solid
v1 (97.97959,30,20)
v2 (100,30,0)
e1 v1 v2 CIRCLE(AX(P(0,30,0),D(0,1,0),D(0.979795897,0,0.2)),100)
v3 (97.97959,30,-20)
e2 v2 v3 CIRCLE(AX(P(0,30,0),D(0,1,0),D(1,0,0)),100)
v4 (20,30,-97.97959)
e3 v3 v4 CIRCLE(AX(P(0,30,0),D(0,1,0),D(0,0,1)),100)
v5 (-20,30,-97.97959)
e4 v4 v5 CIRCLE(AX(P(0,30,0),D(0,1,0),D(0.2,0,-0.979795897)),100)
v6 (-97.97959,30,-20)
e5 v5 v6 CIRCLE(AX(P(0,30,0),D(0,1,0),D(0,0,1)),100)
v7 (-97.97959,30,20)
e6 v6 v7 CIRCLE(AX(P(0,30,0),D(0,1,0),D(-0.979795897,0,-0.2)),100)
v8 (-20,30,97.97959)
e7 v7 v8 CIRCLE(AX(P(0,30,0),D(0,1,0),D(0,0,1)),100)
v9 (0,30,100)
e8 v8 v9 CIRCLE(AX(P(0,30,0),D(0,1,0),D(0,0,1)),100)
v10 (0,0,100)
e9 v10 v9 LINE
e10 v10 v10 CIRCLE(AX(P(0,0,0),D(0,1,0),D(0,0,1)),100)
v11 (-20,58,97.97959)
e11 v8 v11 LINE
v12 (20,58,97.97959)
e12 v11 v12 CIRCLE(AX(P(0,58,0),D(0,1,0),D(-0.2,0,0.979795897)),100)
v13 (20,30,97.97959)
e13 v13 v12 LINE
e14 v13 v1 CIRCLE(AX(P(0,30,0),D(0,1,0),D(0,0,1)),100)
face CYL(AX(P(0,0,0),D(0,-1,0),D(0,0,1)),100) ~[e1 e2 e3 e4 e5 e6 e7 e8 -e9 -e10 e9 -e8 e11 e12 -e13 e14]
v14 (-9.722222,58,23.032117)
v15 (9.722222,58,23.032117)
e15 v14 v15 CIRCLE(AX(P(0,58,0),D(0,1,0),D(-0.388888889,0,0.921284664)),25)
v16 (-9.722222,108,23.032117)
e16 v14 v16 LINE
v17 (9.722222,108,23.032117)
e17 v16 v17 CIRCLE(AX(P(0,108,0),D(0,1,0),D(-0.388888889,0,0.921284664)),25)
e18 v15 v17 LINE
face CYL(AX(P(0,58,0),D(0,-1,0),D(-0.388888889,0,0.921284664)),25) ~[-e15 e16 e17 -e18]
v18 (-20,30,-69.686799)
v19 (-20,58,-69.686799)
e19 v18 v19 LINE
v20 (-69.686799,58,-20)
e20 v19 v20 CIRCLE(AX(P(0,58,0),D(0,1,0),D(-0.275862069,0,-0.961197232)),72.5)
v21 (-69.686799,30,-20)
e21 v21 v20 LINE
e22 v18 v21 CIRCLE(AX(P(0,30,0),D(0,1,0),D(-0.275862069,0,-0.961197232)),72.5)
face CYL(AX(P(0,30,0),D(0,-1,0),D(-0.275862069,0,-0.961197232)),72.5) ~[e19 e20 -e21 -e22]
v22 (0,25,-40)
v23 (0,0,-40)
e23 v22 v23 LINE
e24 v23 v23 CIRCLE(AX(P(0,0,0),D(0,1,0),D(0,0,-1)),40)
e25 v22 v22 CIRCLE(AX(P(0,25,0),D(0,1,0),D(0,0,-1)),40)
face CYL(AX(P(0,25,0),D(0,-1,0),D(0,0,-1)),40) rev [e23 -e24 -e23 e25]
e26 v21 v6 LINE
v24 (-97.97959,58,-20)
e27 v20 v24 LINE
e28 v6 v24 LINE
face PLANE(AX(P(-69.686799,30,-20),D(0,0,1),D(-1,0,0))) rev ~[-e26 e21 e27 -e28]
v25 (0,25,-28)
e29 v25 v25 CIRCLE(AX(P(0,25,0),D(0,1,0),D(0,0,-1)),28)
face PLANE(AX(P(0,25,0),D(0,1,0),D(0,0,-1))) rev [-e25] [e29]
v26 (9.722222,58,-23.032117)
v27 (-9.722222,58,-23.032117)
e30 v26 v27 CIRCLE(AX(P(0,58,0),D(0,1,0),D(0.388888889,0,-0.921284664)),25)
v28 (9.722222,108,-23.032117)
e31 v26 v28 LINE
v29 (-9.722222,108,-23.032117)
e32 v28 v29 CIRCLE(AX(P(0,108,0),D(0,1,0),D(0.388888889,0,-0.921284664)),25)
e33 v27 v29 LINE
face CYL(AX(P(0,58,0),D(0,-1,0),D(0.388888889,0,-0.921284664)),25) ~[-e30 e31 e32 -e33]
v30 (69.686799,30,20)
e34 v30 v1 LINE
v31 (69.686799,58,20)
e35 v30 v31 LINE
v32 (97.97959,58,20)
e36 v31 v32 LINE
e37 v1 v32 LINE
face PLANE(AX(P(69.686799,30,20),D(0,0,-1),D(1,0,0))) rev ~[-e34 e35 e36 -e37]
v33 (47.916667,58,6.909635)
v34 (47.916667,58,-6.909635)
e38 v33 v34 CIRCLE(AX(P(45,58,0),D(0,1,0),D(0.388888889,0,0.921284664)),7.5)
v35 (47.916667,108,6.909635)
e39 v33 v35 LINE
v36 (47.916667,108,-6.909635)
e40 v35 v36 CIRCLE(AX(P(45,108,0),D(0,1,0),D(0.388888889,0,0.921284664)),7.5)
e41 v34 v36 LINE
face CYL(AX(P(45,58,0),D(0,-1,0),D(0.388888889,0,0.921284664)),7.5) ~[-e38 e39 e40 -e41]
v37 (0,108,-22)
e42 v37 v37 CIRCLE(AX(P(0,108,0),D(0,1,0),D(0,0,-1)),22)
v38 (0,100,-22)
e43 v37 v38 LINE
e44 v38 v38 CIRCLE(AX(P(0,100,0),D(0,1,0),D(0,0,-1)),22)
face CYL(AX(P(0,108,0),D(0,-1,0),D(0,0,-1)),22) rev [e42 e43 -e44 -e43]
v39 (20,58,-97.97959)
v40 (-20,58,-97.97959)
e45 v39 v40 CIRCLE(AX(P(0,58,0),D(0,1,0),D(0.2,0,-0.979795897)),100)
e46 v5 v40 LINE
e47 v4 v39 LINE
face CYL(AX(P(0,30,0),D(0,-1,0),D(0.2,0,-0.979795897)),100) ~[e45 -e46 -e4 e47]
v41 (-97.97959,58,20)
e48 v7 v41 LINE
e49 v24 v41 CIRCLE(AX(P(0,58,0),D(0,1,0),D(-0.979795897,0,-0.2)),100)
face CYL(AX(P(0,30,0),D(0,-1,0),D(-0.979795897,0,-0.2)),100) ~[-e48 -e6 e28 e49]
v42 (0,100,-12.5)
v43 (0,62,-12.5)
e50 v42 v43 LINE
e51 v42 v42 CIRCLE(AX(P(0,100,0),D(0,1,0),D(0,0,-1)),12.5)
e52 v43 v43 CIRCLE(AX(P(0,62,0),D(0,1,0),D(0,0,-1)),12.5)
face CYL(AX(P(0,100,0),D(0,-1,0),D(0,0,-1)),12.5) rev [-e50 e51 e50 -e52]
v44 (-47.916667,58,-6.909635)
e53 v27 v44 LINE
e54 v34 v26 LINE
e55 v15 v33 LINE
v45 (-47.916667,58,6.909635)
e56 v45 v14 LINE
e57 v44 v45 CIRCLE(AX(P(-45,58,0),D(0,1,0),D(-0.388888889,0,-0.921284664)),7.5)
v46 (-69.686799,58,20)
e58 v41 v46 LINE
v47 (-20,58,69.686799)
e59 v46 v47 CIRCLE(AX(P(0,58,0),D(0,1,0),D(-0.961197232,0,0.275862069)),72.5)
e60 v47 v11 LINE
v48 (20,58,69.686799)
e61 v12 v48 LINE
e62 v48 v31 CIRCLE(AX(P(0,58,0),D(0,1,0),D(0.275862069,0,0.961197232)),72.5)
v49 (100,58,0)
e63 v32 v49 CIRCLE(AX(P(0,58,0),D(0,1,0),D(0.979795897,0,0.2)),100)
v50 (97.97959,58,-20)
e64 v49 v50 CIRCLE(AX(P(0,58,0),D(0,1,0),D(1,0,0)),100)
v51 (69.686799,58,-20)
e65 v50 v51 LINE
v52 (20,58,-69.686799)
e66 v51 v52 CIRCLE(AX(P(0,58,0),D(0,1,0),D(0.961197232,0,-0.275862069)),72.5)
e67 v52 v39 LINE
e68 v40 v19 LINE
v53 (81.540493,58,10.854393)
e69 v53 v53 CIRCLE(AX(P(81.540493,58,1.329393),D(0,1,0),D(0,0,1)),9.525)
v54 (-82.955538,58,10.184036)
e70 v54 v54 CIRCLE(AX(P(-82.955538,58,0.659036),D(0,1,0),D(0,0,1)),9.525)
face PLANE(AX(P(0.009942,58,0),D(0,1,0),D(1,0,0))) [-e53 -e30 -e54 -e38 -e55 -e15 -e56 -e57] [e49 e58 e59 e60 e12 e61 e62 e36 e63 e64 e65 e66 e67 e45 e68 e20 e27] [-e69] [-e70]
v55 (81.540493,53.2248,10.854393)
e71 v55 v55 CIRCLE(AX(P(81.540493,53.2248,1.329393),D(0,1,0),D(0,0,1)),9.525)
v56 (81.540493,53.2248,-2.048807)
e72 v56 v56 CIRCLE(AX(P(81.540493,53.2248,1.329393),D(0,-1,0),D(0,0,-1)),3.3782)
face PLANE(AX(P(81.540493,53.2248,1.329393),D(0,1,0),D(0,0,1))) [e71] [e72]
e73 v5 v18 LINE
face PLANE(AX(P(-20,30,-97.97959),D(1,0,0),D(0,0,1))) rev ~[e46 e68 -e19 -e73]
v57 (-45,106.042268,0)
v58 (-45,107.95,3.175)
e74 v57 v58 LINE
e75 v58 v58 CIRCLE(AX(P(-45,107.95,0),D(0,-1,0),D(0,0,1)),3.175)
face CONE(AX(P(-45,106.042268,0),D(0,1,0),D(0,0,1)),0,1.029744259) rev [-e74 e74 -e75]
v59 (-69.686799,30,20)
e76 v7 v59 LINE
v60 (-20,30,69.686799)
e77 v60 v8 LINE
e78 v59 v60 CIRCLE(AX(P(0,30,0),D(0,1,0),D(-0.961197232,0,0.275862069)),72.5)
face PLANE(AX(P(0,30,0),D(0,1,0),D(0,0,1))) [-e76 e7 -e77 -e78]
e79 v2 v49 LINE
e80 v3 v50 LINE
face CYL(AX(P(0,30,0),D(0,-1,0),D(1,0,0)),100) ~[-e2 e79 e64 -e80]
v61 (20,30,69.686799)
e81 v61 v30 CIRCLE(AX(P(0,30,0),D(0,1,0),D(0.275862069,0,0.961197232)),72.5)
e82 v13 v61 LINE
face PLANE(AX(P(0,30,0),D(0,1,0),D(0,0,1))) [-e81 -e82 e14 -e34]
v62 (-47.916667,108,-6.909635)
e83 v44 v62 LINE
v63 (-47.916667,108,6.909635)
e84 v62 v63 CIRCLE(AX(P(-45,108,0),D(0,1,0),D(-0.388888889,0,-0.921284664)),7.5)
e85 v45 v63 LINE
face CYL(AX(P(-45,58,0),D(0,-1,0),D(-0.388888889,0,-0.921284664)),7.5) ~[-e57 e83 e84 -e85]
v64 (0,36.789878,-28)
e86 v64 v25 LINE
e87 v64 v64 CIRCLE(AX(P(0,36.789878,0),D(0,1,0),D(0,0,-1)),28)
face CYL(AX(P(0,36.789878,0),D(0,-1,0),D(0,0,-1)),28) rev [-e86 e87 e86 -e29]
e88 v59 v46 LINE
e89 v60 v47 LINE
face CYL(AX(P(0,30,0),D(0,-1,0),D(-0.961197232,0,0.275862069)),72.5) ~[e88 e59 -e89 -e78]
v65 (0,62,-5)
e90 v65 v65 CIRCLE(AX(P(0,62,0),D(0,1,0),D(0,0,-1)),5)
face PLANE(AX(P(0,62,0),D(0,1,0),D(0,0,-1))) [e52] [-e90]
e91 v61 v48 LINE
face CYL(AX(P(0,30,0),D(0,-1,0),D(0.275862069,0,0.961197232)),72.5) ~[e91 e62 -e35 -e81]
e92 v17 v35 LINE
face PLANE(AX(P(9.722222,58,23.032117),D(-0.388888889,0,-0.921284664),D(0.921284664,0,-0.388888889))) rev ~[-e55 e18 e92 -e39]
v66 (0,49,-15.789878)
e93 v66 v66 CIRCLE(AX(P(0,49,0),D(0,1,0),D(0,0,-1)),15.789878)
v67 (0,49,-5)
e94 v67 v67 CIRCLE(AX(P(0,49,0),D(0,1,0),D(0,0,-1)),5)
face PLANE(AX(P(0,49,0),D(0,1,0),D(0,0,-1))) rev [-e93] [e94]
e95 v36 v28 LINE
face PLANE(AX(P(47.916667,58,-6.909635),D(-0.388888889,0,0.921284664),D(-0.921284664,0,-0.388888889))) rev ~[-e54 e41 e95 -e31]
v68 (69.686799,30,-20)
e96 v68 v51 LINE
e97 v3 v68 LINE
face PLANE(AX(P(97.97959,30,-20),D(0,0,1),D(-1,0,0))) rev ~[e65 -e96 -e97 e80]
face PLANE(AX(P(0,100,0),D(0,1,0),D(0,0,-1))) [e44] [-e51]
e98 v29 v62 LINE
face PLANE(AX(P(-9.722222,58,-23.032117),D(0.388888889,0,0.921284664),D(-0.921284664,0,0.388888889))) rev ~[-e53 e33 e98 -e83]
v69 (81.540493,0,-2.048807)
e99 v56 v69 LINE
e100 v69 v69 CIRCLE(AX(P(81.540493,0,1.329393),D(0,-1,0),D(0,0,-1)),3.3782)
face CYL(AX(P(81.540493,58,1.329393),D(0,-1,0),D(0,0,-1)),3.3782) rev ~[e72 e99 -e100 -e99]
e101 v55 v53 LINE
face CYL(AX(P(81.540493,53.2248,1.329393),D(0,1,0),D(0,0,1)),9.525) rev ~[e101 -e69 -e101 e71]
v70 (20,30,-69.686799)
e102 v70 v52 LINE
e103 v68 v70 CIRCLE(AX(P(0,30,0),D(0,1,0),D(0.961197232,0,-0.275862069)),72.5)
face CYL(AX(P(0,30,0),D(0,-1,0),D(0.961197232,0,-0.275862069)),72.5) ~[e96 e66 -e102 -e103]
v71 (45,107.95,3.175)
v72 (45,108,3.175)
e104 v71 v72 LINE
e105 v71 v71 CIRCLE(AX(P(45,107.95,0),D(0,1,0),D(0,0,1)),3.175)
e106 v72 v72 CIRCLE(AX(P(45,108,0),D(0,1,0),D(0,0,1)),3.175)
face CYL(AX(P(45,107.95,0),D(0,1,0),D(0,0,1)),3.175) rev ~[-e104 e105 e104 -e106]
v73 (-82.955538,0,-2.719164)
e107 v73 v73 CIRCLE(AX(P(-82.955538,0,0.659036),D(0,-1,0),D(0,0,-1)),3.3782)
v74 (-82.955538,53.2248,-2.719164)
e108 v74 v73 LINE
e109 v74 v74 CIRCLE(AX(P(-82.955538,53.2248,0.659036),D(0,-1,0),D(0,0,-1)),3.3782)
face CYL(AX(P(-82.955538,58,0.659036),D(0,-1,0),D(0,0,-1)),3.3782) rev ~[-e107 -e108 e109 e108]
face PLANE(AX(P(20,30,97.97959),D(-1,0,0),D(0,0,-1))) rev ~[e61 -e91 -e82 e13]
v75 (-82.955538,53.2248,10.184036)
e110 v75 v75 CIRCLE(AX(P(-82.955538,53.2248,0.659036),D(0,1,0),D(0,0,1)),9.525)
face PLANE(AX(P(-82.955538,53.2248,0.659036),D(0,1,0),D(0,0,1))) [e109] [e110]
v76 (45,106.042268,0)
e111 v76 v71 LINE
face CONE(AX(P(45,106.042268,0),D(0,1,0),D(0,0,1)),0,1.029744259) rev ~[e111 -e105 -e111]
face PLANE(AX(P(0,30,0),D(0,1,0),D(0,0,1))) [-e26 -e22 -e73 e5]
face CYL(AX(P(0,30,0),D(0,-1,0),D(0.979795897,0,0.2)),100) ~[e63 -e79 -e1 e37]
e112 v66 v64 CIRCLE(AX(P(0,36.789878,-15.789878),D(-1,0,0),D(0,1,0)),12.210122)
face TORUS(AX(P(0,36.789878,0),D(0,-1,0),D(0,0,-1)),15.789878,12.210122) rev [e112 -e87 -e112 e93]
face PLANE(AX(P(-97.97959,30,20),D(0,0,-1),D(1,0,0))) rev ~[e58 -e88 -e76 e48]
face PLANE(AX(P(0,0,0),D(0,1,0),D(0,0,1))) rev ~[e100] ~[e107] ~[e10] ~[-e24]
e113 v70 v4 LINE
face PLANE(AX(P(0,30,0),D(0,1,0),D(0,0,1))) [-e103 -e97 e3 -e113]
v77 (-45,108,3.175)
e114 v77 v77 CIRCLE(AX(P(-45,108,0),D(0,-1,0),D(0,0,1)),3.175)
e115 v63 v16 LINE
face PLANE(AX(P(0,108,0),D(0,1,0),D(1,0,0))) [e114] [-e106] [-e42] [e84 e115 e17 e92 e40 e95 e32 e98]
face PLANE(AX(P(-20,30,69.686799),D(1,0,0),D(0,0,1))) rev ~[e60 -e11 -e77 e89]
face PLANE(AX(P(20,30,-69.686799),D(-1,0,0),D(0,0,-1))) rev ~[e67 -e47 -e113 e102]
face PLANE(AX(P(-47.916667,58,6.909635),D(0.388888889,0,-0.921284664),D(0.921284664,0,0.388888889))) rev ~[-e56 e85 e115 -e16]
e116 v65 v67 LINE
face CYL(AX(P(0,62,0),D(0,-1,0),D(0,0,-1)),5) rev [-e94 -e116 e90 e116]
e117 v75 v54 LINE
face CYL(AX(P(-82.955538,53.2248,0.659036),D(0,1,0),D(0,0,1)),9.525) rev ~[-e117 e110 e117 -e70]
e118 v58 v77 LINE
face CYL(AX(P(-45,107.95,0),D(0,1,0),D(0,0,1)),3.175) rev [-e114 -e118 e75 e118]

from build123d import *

# Parameters (mm, degrees)
SKETCH2_R                                = 100
BOSS_EXTRUDE1_DEPTH                      = 30
BOSS_EXTRUDE2_DEPTH                      = 28
BOSS_EXTRUDE3_DEPTH                      = 50
CBORE_FOR_1_4_HEX_HEAD_BOLT1_D           = 6.7564
CBORE_FOR_1_4_HEX_HEAD_BOLT1_CBORE_D     = 19.05
CBORE_FOR_1_4_HEX_HEAD_BOLT1_CBORE_DEPTH = 4.7752


with BuildPart() as part:
    # Sketch2 → Boss-Extrude1 (new body)
    with BuildSketch(Plane(origin=(0, 0, 0), x_dir=(1, 0, 0), z_dir=(0, 1, 0))):
        with Locations(Location((0, 0, 0), (0, 0, 270))):
            Circle(SKETCH2_R)
    extrude(amount=BOSS_EXTRUDE1_DEPTH)

    # Sketch3 → Boss-Extrude2 (add)
    with BuildSketch(Plane(origin=(0, 30, 0), x_dir=(1, 0, 0), z_dir=(0, 1, 0))):
        with BuildLine():
            ThreePointArc((20, 97.979589711), (0, 100), (-20, 97.979589711))
            Line((-20, 97.979589711), (-20, 69.686799324))
            ThreePointArc((-20, 69.686799324), (-51.265241636, 51.265241636), (-69.686799324, 20))
            Line((-69.686799324, 20), (-97.979589711, 20))
            ThreePointArc((-97.979589711, 20), (-100, 0), (-97.979589711, -20))
            Line((-97.979589711, -20), (-69.686799324, -20))
            ThreePointArc((-69.686799324, -20), (-51.265241636, -51.265241636), (-20, -69.686799324))
            Line((-20, -69.686799324), (-20, -97.979589711))
            ThreePointArc((-20, -97.979589711), (0, -100), (20, -97.979589711))
            Line((20, -97.979589711), (20, -69.686799324))
            ThreePointArc((20, -69.686799324), (51.265241636, -51.265241636), (69.686799324, -20))
            Line((69.686799324, -20), (97.979589711, -20))
            ThreePointArc((97.979589711, -20), (99.493615301, -10.050896201), (100, 0))
            ThreePointArc((100, 0), (99.493615301, 10.050896201), (97.979589711, 20))
            Line((97.979589711, 20), (69.686799324, 20))
            ThreePointArc((69.686799324, 20), (51.265241636, 51.265241636), (20, 69.686799324))
            Line((20, 69.686799324), (20, 97.979589711))
        make_face()
    extrude(amount=BOSS_EXTRUDE2_DEPTH)

    # Sketch4 → Boss-Extrude3 (add)
    with BuildSketch(Plane(origin=(0, 58, 0), x_dir=(1, 0, 0), z_dir=(0, 1, 0))):
        with BuildLine():
            Line((-9.722222222, 23.0321166), (-47.916666667, 6.90963498))
            ThreePointArc((-47.916666667, 6.90963498), (-52.5, 0), (-47.916666667, -6.90963498))
            Line((-47.916666667, -6.90963498), (-9.722222222, -23.0321166))
            ThreePointArc((-9.722222222, -23.0321166), (0, -25), (9.722222222, -23.0321166))
            Line((9.722222222, -23.0321166), (47.916666667, -6.90963498))
            ThreePointArc((47.916666667, -6.90963498), (52.5, 0), (47.916666667, 6.90963498))
            Line((47.916666667, 6.90963498), (9.722222222, 23.0321166))
            ThreePointArc((9.722222222, 23.0321166), (0, 25), (-9.722222222, 23.0321166))
        make_face()
    extrude(amount=BOSS_EXTRUDE3_DEPTH)

    # CBORE for 1/4 Hex Head Bolt1 (through all)
    with Locations(Plane(origin=(-82.955537588, 58, 0.659036268), x_dir=(0, 0, 1), z_dir=(0, 1, 0))):
        with Locations((0, 0), (0.670356689, 164.496030798)):
            CounterBoreHole(CBORE_FOR_1_4_HEX_HEAD_BOLT1_D / 2, CBORE_FOR_1_4_HEX_HEAD_BOLT1_CBORE_D / 2, CBORE_FOR_1_4_HEX_HEAD_BOLT1_CBORE_DEPTH)

    # Sketch8 → 1/4 (0.25) Diameter Hole1 (revolve, cut)
    with BuildSketch(Plane(origin=(-45, 108, 0), x_dir=(0, 0, 1), z_dir=(1, 0, 0))):
        Polygon((0, 0), (0, 1.957732465), (3.175, 0.05), (3.175, 0), align=None)
    f_1_4_0_25_diameter_hole1 = revolve(axis=Axis((-45, 114.35, 0), (0, -1, 0)), mode=Mode.SUBTRACT)

    # Mirror1: 1/4 (0.25) Diameter Hole1 across plane
    add(f_1_4_0_25_diameter_hole1.mirror(Plane(origin=(0, 0, 0), x_dir=(0, 0, 1), z_dir=(1, 0, 0))), mode=Mode.SUBTRACT)

    # Sketch9 → Cut-Revolve1 (revolve, cut)
    with BuildSketch(Plane.XY, mode=Mode.PRIVATE) as cut_revolve1_sk:
        with BuildLine():
            Line((0, 108), (-22, 108))
            Line((-22, 108), (-22, 100))
            Line((-22, 100), (-12.5, 100))
            Line((-12.5, 100), (-12.5, 62))
            Line((-12.5, 62), (-5, 62))
            Line((-5, 62), (-5, 49))
            Line((-5, 49), (-15.789877929, 49))
            ThreePointArc((-15.789877929, 49), (-24.423738044, 45.423738044), (-28, 36.789877929))
            Line((-28, 36.789877929), (-28, 25))
            Line((-28, 25), (-40, 25))
            Line((-40, 25), (-40, 0))
            Line((-40, 0), (0, 0))
            Line((0, 0), (0, 108))
        make_face()
    revolve(cut_revolve1_sk.sketch.rotate(Axis((0, 0, 0), (0, 1, 0)), 270), axis=Axis((0, 0, 0), (0, 1, 0)), mode=Mode.SUBTRACT)


solid = part.part
